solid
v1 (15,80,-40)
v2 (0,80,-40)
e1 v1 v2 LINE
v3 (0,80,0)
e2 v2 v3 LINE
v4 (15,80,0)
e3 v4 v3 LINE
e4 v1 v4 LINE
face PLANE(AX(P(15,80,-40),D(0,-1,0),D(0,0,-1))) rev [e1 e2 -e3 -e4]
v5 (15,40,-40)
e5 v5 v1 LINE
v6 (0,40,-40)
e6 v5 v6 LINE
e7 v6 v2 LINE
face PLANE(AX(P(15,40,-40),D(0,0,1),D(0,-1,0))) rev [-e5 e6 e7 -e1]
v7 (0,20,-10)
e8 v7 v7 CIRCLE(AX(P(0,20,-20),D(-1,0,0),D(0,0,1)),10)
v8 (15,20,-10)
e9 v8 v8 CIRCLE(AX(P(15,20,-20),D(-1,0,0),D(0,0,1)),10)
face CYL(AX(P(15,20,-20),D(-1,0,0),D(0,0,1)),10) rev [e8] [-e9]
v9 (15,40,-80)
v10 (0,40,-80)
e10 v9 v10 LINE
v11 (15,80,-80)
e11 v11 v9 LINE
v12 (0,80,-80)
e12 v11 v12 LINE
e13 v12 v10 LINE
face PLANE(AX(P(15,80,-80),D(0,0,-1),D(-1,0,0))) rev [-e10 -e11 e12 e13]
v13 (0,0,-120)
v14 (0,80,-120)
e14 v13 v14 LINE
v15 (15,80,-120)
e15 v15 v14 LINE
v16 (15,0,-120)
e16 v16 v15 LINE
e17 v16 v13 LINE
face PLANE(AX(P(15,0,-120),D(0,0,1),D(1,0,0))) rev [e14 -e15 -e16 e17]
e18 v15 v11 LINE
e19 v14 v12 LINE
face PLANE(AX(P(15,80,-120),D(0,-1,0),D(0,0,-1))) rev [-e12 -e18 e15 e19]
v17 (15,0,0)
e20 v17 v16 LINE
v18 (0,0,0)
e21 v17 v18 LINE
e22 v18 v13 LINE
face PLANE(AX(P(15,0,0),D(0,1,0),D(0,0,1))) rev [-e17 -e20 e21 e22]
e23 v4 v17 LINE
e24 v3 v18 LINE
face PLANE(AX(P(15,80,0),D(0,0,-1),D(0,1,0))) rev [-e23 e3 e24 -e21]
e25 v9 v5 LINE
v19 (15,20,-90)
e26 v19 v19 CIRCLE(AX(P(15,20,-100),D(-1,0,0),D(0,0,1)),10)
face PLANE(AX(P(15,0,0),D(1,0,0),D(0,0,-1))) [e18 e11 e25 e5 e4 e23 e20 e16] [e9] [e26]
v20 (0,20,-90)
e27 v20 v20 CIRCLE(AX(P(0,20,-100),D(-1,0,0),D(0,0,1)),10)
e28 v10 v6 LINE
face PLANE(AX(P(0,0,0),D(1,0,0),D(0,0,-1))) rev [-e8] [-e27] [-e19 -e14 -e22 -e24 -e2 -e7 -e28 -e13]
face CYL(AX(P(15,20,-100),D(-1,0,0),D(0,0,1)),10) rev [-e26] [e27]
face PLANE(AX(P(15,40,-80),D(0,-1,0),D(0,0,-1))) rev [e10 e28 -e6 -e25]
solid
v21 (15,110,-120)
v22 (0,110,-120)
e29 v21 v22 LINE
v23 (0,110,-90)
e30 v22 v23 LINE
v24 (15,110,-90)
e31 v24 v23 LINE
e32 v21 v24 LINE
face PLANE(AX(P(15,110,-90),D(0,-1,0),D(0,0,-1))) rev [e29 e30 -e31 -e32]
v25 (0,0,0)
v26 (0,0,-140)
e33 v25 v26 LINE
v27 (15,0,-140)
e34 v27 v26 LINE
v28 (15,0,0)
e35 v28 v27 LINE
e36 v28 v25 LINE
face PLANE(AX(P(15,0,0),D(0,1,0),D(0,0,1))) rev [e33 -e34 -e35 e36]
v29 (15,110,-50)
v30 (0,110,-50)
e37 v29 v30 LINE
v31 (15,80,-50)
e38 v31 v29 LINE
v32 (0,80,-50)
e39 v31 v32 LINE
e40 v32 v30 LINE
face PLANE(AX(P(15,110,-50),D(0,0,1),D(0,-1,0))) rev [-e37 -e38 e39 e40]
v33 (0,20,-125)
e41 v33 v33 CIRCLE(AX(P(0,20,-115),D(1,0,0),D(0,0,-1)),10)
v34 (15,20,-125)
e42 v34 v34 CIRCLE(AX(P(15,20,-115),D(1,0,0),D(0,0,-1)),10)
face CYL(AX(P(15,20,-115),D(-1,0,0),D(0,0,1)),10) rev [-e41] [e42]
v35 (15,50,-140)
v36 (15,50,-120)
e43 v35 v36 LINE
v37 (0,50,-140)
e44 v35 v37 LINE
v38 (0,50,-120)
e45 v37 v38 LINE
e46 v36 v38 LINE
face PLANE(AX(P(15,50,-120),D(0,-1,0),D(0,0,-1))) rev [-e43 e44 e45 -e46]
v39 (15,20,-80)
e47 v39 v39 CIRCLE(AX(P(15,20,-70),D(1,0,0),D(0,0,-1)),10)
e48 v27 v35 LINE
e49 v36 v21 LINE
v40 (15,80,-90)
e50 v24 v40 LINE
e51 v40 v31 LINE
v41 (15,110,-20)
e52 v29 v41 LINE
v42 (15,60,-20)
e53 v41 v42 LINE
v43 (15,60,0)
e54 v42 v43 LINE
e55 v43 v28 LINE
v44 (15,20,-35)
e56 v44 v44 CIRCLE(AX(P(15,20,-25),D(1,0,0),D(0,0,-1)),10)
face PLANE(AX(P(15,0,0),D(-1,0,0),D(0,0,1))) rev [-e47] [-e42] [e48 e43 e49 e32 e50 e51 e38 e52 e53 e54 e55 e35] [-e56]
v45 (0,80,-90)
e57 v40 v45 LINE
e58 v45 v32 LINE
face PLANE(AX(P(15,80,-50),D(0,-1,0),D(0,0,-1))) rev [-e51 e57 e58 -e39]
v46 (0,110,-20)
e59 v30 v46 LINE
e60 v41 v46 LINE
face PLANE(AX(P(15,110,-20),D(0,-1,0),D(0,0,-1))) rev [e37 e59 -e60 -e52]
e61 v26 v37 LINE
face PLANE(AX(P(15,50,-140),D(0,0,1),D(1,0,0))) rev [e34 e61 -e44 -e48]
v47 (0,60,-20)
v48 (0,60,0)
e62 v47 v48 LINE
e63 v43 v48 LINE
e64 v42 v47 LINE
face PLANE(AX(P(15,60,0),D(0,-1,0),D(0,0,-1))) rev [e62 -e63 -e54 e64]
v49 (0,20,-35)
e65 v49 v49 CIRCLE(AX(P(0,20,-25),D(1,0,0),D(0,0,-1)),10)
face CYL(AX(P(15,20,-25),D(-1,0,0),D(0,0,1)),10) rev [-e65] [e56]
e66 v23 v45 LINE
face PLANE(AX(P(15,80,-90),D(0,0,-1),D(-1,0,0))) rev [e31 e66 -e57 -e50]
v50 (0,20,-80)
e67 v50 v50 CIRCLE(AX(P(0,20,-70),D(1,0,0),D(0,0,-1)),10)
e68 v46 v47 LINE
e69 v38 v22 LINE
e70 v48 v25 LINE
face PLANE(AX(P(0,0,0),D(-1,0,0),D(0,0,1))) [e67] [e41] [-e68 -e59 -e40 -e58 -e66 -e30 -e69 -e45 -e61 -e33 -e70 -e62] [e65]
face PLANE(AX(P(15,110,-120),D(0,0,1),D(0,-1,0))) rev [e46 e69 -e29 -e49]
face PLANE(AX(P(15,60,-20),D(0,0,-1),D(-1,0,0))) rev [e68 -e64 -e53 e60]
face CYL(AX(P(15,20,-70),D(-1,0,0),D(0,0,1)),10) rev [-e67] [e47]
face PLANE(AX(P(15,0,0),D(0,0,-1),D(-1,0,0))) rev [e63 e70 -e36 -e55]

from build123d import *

# Parameters (mm, degrees)
BOSS_EXTRUDE1_DEPTH = 15
SKETCH5_R           = 10
CUT_EXTRUDE1_DEPTH  = 15
SKETCH7_R           = 10
BOSS_EXTRUDE2_DEPTH = 15


with BuildPart() as part:
    # Sketch3 → Boss-Extrude1 (new body)
    with BuildSketch(Plane(origin=(0, 0, 0), x_dir=(0, 0, -1), z_dir=(1, 0, 0))):
        Polygon((0, 0), (120, 0), (120, 80), (80, 80), (80, 40), (40, 40), (40, 80), (0, 80), align=None)
    extrude(amount=BOSS_EXTRUDE1_DEPTH)

    # Sketch5 → Cut-Extrude1 (cut)
    with BuildSketch(Plane.ZY):
        with Locations((-100, 20)):
            Circle(SKETCH5_R)
        with Locations((-20, 20)):
            Circle(SKETCH5_R)
    extrude(amount=-CUT_EXTRUDE1_DEPTH, mode=Mode.SUBTRACT)


with BuildPart() as body_2:
    # Sketch7 → Boss-Extrude2 (new body)
    with BuildSketch(Plane(origin=(0, 0, 0), x_dir=(0, 0, -1), z_dir=(1, 0, 0))):
        Polygon((0, 0), (140, 0), (140, 50), (120, 50), (120, 110), (90, 110), (90, 80), (50, 80), (50, 110), (20, 110), (20, 60), (0, 60), align=None)
        with Locations((25, 20)):
            Circle(SKETCH7_R, mode=Mode.SUBTRACT)
        with Locations((70, 20)):
            Circle(SKETCH7_R, mode=Mode.SUBTRACT)
        with Locations((115, 20)):
            Circle(SKETCH7_R, mode=Mode.SUBTRACT)
    extrude(amount=BOSS_EXTRUDE2_DEPTH)


solid = Compound([part.part, body_2.part])
